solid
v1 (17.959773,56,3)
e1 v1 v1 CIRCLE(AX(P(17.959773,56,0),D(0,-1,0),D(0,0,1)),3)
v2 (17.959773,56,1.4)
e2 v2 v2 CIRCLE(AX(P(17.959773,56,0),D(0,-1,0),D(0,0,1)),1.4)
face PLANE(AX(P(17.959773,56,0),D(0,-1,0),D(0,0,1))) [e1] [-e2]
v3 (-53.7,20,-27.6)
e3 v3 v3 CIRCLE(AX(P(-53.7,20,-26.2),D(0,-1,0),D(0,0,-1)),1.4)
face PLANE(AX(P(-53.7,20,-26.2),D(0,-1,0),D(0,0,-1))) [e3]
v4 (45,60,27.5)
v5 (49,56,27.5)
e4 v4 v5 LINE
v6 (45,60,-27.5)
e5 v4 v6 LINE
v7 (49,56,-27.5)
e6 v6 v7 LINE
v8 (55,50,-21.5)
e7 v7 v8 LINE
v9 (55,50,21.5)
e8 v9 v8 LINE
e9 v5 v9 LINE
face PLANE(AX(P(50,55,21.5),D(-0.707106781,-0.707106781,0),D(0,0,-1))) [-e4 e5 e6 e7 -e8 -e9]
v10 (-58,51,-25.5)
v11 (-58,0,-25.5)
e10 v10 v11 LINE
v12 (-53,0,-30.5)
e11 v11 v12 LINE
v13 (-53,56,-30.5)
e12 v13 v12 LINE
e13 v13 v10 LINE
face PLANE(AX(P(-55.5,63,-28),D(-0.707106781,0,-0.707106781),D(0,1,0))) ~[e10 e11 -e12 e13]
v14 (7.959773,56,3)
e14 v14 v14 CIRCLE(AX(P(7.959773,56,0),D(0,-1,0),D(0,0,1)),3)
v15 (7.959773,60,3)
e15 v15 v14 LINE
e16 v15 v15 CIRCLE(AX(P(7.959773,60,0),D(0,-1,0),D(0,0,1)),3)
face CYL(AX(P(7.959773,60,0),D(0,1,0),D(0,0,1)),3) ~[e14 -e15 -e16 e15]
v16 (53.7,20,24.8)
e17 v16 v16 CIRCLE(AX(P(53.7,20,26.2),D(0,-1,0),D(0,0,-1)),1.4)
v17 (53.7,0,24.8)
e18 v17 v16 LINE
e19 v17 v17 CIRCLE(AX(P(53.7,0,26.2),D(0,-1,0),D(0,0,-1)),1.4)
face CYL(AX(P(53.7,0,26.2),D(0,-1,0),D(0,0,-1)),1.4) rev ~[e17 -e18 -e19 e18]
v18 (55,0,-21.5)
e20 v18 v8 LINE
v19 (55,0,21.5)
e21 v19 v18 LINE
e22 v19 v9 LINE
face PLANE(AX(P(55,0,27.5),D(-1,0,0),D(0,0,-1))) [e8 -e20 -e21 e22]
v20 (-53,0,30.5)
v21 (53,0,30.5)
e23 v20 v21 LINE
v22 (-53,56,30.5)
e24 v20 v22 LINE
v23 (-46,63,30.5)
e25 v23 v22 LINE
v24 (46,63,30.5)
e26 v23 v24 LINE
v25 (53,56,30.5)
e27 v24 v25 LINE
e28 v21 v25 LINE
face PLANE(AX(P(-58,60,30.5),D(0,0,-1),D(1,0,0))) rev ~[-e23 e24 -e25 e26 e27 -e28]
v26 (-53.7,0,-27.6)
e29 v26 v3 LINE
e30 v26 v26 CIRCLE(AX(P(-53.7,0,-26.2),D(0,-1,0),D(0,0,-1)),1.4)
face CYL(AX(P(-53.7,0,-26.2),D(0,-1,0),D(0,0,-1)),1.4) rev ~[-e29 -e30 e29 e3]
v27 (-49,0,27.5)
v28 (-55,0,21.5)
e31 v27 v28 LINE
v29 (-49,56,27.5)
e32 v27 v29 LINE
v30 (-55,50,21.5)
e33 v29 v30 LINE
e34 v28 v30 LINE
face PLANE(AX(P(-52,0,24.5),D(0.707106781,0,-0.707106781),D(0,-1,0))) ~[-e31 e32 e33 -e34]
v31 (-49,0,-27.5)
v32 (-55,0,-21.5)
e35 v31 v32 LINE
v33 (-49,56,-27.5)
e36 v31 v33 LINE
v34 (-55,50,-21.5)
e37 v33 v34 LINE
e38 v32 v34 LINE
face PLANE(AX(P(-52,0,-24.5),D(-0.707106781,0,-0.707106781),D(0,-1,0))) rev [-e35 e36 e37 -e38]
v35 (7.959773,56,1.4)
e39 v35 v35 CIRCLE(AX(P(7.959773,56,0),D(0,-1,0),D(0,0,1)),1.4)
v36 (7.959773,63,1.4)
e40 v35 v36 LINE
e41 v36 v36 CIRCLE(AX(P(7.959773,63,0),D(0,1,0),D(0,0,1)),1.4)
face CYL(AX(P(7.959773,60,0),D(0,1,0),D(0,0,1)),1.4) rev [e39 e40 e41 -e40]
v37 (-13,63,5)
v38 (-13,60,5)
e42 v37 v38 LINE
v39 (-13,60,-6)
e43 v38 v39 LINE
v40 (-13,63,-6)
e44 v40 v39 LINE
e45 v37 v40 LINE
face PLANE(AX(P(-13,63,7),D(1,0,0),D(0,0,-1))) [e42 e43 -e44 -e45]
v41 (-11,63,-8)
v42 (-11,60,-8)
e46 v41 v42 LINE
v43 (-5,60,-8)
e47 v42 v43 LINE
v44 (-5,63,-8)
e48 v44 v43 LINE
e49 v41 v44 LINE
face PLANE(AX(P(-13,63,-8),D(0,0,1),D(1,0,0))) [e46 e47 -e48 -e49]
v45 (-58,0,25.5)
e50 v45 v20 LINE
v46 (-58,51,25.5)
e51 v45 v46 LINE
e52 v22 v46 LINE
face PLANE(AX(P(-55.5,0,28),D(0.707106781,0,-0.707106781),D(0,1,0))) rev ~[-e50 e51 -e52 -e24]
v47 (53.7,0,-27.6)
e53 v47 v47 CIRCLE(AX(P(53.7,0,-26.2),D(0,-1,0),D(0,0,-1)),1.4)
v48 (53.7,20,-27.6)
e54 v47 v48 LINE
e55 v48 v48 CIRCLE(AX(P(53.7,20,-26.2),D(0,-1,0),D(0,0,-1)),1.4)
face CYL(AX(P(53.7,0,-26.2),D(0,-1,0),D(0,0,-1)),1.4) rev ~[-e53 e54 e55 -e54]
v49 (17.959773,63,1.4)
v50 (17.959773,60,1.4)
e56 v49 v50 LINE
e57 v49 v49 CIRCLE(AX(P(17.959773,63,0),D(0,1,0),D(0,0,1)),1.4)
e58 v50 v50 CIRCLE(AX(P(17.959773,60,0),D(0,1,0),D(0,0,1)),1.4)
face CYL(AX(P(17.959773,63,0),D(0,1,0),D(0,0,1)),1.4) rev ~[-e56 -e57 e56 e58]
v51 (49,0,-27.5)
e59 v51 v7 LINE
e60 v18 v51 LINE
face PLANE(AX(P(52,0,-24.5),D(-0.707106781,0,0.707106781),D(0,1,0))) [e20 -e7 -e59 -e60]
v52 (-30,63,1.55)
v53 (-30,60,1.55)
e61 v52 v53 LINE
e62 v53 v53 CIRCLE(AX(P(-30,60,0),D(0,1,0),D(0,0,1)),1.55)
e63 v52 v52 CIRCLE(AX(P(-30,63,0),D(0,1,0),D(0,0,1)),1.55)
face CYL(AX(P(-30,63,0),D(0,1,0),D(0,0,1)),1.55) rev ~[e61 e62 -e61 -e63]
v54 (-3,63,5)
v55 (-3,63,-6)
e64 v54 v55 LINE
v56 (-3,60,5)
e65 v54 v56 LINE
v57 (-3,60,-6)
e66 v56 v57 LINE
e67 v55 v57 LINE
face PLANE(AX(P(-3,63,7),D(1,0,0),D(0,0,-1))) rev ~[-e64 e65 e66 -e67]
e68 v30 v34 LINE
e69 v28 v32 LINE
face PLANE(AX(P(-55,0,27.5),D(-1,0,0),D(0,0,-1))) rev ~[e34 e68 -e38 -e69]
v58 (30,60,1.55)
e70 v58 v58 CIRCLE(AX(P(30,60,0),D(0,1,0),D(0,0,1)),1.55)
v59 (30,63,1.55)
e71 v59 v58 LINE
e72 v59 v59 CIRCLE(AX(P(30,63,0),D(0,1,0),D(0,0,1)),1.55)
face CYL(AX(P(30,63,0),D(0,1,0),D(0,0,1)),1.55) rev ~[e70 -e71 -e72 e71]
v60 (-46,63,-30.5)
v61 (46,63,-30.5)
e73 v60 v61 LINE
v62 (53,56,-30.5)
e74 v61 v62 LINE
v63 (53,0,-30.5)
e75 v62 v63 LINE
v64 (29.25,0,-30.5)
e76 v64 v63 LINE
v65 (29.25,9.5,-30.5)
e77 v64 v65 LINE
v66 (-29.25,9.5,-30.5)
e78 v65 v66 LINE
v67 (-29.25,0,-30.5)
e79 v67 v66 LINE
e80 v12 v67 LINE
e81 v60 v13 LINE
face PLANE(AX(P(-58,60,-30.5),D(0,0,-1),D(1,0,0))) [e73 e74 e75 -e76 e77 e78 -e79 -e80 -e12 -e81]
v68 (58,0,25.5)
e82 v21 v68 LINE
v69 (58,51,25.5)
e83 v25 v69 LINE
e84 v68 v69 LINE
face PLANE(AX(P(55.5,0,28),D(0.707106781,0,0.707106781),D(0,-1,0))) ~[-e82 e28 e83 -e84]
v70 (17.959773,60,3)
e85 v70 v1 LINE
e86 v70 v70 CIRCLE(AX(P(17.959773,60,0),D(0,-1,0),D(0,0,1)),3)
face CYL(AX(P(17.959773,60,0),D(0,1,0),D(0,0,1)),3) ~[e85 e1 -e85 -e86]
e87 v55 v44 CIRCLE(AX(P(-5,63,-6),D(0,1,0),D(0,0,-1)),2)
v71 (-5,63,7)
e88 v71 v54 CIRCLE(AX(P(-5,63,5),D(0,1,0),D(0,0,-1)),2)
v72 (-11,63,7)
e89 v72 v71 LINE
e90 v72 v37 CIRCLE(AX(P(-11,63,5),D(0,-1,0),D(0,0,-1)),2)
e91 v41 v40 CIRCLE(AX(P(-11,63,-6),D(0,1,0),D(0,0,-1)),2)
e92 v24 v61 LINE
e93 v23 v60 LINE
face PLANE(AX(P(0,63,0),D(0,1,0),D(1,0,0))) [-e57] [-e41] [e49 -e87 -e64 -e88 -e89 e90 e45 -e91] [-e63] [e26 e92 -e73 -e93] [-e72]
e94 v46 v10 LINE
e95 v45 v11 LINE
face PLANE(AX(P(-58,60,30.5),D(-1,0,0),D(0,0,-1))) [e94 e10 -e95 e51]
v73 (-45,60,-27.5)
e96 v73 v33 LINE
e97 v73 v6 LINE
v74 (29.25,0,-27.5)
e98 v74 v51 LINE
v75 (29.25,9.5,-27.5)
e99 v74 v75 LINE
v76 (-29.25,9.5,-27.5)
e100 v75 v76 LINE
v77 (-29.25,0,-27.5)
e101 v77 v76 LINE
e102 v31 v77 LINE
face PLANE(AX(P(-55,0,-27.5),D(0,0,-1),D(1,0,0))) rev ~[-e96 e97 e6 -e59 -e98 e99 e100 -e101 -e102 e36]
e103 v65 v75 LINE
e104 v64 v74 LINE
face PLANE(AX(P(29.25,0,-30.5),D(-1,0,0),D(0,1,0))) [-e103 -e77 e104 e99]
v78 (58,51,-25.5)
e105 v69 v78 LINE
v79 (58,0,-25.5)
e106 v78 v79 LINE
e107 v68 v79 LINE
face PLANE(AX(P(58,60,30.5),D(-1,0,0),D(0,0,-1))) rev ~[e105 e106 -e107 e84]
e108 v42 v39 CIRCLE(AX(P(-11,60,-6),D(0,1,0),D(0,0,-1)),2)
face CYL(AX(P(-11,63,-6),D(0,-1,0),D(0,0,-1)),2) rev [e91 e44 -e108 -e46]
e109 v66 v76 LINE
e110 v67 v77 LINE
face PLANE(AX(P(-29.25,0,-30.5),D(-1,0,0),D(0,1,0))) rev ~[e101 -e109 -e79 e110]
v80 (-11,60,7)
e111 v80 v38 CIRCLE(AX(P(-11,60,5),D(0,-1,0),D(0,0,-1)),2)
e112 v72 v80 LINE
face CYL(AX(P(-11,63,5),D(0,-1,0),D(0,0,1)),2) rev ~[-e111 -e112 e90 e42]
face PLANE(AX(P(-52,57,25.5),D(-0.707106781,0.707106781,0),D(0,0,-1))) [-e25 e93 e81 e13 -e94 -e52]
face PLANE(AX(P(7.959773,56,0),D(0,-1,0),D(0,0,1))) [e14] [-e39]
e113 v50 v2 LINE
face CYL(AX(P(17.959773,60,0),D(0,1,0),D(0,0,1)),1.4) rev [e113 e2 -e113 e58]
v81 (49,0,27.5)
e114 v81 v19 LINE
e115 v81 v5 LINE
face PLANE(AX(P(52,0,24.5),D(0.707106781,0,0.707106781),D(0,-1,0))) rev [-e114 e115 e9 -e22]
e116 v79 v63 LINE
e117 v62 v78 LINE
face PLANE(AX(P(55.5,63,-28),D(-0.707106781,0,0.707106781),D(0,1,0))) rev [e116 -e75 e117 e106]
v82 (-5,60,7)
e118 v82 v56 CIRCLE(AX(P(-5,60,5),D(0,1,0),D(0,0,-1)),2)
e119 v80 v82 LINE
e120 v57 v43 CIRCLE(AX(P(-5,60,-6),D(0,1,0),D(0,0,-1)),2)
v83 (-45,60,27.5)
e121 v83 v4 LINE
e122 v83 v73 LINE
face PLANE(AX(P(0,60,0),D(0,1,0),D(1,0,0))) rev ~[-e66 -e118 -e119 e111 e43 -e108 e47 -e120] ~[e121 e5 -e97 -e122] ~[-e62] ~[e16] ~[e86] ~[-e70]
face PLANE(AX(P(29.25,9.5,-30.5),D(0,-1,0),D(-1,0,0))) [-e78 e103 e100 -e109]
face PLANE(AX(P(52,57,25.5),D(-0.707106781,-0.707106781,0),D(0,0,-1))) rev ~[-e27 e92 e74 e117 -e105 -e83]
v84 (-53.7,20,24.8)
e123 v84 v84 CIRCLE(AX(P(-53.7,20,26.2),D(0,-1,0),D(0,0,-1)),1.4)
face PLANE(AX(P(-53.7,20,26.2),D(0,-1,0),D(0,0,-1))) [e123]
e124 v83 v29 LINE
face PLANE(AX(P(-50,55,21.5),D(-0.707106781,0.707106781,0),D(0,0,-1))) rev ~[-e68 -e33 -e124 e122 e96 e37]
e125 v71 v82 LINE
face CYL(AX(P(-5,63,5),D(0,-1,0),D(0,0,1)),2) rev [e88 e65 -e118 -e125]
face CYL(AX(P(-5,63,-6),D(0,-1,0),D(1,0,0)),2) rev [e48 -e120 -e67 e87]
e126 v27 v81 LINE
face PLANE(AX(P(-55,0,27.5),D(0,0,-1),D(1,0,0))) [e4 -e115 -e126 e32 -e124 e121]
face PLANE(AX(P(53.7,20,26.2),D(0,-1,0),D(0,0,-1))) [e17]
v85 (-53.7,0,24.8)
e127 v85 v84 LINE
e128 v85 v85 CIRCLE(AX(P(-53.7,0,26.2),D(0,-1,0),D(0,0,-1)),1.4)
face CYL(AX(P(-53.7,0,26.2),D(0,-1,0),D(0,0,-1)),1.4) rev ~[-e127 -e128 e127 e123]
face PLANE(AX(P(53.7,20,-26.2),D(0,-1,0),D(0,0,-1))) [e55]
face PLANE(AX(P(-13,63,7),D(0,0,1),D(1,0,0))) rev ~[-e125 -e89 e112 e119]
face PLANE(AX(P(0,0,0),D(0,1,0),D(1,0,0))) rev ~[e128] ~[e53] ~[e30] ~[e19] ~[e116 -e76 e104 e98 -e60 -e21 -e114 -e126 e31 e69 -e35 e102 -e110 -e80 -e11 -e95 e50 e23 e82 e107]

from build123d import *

# Parameters (mm, degrees)
SKETCH1_W           = 116
SKETCH1_H           = 61
SKETCH1_W_2         = 110
SKETCH1_H_2         = 55
BOSS_EXTRUDE1_DEPTH = 60
SKETCH2_W           = 116
SKETCH2_H           = 61
BOSS_EXTRUDE2_DEPTH = 3
CHAMFER1_SIZE       = 5
CHAMFER2_SIZE       = 6
SKETCH3_R           = 1.55
CUT_EXTRUDE1_DEPTH  = 3
SKETCH4_W           = 10
SKETCH4_H           = 15
CUT_EXTRUDE2_DEPTH  = 3
SKETCH5_R           = 1.4
CUT_EXTRUDE3_DEPTH  = 20
FILLET1_R           = 2
CHAMFER3_SIZE       = 12
CHAMFER4_SIZE       = 10
SKETCH6_W           = 58.5
SKETCH6_H           = 9.5
CUT_EXTRUDE4_DEPTH  = 10
SKETCH7_R           = 1.4
CUT_EXTRUDE5_DEPTH  = 10
SKETCH8_R           = 3
SKETCH8_R_2         = 1.4
BOSS_EXTRUDE3_DEPTH = 4


with BuildPart() as part:
    # Sketch1 → Boss-Extrude1 (new body)
    with BuildSketch(Plane(origin=(0, 0, 0), x_dir=(1, 0, 0), z_dir=(0, 1, 0))):
        Rectangle(SKETCH1_W, SKETCH1_H)
        Rectangle(SKETCH1_W_2, SKETCH1_H_2, mode=Mode.SUBTRACT)
    extrude(amount=BOSS_EXTRUDE1_DEPTH)

    # Sketch2 → Boss-Extrude2 (add)
    with BuildSketch(Plane(origin=(0, 60, 0), x_dir=(1, 0, 0), z_dir=(0, 1, 0))):
        Rectangle(SKETCH2_W, SKETCH2_H)
    extrude(amount=BOSS_EXTRUDE2_DEPTH)

    # Chamfer1
    chamfer1_edges = [part.edges().sort_by_distance(p)[0] for p in [
        (58, 31.5, 30.5),
        (-58, 31.5, 30.5),
        (-58, 31.5, -30.5),
        (58, 31.5, -30.5),
    ]]
    chamfer(chamfer1_edges, length=CHAMFER1_SIZE)

    # Chamfer2
    chamfer2_edges = [part.edges().sort_by_distance(p)[0] for p in [
        (55, 30, 27.5),
        (55, 30, -27.5),
        (-55, 30, -27.5),
        (-55, 30, 27.5),
    ]]
    chamfer(chamfer2_edges, length=CHAMFER2_SIZE)

    # Sketch3 → Cut-Extrude1 (cut)
    with BuildSketch(Plane(origin=(0, 63, 0), x_dir=(1, 0, 0), z_dir=(0, 1, 0))):
        with Locations(Location((30, 0, 0), (0, 0, 270))):
            Circle(SKETCH3_R)
        with Locations(Location((-30, 0, 0), (0, 0, 270))):
            Circle(SKETCH3_R)
    extrude(amount=-CUT_EXTRUDE1_DEPTH, mode=Mode.SUBTRACT)

    # Sketch4 → Cut-Extrude2 (cut)
    with BuildSketch(Plane(origin=(0, 63, 0), x_dir=(1, 0, 0), z_dir=(0, 1, 0))):
        with Locations((-8, 0.5)):
            Rectangle(SKETCH4_W, SKETCH4_H)
    extrude(amount=-CUT_EXTRUDE2_DEPTH, mode=Mode.SUBTRACT)

    # Sketch5 → Cut-Extrude3 (cut)
    with BuildSketch(Plane.XZ):
        with Locations(Location((53.7, -26.2, 0), (0, 0, 270))):
            Circle(SKETCH5_R)
        with Locations(Location((-53.7, -26.2, 0), (0, 0, 270))):
            Circle(SKETCH5_R)
        with Locations(Location((-53.7, 26.2, 0), (0, 0, 270))):
            Circle(SKETCH5_R)
        with Locations(Location((53.7, 26.2, 0), (0, 0, 270))):
            Circle(SKETCH5_R)
    extrude(amount=-CUT_EXTRUDE3_DEPTH, mode=Mode.SUBTRACT)

    # Fillet1
    fillet1_edges = [part.edges().sort_by_distance(p)[0] for p in [
        (-3, 61.5, -8),
        (-3, 61.5, 7),
        (-13, 61.5, 7),
        (-13, 61.5, -8),
    ]]
    fillet(fillet1_edges, radius=FILLET1_R)

    # Chamfer3
    chamfer3_edges = [part.edges().sort_by_distance(p)[0] for p in [
        (58, 63, 0),
        (-58, 63, 0),
    ]]
    chamfer(chamfer3_edges, length=CHAMFER3_SIZE)

    # Chamfer4
    chamfer4_edges = [part.edges().sort_by_distance(p)[0] for p in [
        (55, 60, 0),
        (-55, 60, 0),
    ]]
    chamfer(chamfer4_edges, length=CHAMFER4_SIZE)

    # Sketch6 → Cut-Extrude4 (cut)
    with BuildSketch(Plane(origin=(0, 0, -30.5), x_dir=(-1, 0, 0), z_dir=(0, 0, -1))):
        with Locations((0, 4.75)):
            Rectangle(SKETCH6_W, SKETCH6_H)
    extrude(amount=-CUT_EXTRUDE4_DEPTH, mode=Mode.SUBTRACT)

    # Sketch7 → Cut-Extrude5 (cut)
    with BuildSketch(Plane(origin=(0, 63, 0), x_dir=(1, 0, 0), z_dir=(0, 1, 0))):
        with Locations(Location((7.959772519, 0, 0), (0, 0, 270))):
            Circle(SKETCH7_R)
        with Locations(Location((17.959772519, 0, 0), (0, 0, 270))):
            Circle(SKETCH7_R)
    extrude(amount=-CUT_EXTRUDE5_DEPTH, mode=Mode.SUBTRACT)

    # Sketch8 → Boss-Extrude3 (add)
    # profile 1 of 2: a face of its own
    with BuildSketch(Plane.XZ.offset(-60)):
        with Locations(Location((7.959772519, 0, 0), (0, 0, 90))):
            Circle(SKETCH8_R)
        with Locations(Location((7.959772519, 0, 0), (0, 0, 90))):
            Circle(SKETCH8_R_2, mode=Mode.SUBTRACT)
    # profile 2 of 2: a face of its own
    with BuildSketch(Plane.XZ.offset(-60)):
        with Locations(Location((17.959772519, 0, 0), (0, 0, 90))):
            Circle(SKETCH8_R)
        with Locations(Location((17.959772519, 0, 0), (0, 0, 90))):
            Circle(SKETCH8_R_2, mode=Mode.SUBTRACT)
    extrude(amount=BOSS_EXTRUDE3_DEPTH)


solid = part.part
